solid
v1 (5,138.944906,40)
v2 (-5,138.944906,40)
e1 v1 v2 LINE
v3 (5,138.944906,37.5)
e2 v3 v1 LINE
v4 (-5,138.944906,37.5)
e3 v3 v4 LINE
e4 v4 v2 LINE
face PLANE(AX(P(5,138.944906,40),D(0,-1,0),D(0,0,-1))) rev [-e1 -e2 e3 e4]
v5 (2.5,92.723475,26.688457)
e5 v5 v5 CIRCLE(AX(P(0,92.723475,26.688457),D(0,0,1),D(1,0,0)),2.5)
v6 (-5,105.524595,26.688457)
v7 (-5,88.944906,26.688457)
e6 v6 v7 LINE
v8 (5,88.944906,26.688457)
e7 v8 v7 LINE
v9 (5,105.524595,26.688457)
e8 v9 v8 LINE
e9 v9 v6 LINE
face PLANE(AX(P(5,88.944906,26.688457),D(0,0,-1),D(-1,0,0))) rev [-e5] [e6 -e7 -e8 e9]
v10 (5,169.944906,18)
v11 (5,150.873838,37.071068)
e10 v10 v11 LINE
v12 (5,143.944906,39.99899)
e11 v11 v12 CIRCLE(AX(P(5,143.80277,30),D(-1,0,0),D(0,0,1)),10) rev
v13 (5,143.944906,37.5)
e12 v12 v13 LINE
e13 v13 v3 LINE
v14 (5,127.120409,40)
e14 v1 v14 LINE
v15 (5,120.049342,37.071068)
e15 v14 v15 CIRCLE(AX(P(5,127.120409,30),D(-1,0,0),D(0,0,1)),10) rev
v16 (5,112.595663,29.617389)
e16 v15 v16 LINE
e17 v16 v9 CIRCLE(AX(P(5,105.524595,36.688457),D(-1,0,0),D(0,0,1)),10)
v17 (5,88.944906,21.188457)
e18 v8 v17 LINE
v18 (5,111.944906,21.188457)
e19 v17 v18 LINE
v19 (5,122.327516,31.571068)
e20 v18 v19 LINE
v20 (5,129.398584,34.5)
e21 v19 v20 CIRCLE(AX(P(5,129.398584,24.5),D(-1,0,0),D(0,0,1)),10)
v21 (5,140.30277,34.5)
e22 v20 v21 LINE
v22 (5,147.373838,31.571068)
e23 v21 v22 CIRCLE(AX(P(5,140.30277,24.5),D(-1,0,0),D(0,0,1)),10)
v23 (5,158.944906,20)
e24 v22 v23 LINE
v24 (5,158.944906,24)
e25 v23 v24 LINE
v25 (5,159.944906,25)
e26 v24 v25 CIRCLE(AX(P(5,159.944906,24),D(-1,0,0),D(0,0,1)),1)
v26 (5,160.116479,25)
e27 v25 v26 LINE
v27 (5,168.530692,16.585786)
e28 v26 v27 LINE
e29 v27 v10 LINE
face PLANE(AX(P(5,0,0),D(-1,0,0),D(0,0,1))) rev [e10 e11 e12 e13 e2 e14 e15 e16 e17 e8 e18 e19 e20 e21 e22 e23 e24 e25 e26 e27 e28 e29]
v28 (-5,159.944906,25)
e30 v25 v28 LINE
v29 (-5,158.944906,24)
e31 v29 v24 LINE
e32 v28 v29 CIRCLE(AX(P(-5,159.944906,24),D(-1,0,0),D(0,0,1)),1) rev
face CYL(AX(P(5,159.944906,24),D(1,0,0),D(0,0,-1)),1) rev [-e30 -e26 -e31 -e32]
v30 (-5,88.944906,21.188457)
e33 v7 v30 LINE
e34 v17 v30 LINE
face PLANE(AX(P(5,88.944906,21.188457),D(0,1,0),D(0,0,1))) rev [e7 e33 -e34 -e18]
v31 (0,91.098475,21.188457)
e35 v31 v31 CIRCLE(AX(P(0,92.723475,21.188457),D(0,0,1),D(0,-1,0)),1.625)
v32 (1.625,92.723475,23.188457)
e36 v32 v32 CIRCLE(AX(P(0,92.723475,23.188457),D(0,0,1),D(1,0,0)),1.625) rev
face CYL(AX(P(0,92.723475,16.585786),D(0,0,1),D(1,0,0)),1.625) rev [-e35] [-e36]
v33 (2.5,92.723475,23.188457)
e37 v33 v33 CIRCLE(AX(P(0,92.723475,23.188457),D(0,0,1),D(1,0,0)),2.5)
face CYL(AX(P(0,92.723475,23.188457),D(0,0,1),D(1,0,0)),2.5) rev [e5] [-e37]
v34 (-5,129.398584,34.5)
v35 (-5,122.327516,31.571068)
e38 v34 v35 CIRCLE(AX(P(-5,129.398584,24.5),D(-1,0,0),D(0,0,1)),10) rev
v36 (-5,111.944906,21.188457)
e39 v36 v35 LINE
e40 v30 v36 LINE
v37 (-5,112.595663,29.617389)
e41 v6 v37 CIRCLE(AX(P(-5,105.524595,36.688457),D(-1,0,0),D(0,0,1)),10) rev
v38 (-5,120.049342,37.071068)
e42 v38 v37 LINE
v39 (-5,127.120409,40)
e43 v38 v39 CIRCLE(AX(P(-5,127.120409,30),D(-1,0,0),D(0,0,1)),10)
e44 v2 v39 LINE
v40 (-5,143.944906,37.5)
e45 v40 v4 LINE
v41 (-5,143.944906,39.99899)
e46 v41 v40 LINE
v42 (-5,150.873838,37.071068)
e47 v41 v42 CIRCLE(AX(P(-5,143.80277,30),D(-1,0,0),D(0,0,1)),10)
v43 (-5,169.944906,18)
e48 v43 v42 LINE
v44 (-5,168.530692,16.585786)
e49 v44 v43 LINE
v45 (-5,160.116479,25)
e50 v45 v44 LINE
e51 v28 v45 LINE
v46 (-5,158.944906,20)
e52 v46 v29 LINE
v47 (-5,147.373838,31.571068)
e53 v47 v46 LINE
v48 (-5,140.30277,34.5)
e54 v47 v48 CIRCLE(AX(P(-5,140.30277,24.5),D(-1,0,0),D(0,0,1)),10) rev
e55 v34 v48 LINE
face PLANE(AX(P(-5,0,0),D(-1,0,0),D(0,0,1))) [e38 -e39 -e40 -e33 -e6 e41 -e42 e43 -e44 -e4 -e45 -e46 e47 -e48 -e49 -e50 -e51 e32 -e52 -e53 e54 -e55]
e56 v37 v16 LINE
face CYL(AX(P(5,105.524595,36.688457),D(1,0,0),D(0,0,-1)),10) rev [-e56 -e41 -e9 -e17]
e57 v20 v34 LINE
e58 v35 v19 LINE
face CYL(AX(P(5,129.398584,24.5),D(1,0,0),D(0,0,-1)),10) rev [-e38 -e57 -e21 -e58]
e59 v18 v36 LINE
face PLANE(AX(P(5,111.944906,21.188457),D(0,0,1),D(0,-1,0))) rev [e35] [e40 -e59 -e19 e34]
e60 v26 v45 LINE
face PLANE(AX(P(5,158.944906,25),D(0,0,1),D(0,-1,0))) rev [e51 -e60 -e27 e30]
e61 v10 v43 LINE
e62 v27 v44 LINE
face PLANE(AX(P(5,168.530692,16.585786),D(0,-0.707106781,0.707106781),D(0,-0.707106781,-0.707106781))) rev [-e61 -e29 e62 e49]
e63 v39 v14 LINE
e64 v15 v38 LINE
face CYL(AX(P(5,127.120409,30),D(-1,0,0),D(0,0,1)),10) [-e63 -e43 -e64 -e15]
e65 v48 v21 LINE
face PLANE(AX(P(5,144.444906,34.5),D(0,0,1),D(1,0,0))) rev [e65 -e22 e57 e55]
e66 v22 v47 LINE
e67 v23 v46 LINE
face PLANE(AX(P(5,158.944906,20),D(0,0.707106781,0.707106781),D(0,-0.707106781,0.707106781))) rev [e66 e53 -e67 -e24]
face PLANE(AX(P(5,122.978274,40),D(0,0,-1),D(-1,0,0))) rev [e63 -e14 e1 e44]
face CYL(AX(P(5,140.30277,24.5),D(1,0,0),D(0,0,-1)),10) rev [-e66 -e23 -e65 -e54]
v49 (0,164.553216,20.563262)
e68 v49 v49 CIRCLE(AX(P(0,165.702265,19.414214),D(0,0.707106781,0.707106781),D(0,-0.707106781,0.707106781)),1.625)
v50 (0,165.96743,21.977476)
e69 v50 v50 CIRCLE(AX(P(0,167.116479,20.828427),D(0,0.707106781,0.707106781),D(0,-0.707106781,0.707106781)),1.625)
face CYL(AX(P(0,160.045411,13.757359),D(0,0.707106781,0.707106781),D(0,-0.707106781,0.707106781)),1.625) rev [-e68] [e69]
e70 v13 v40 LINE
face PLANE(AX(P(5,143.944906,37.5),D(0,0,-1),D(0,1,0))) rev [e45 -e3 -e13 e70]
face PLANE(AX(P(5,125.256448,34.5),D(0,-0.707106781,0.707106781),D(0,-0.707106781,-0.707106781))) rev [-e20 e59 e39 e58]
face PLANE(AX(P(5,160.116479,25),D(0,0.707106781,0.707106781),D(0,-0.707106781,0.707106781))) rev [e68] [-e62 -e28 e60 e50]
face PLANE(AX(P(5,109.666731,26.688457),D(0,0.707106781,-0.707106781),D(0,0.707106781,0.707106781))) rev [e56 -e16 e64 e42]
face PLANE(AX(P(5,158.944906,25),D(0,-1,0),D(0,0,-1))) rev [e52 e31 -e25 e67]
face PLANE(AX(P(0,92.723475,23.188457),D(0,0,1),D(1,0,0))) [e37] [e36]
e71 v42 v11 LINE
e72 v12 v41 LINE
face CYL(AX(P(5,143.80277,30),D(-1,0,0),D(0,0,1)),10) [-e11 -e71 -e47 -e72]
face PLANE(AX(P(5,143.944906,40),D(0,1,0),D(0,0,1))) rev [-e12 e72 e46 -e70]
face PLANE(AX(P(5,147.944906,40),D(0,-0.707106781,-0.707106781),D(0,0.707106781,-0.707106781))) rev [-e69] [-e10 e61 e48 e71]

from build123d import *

# Parameters (mm, degrees)
ESTRUSIONE_ESTRUSIONE1_DEPTH = 5
SCHIZZO2_R                   = 1.625
TAGLIO_ESTRUSIONE1_DEPTH     = 11.10267083
SCHIZZO3_R                   = 2.5
TAGLIO_ESTRUSIONE2_DEPTH     = 3.5
RACCORDO1_R                  = 10
SCHIZZO4_W                   = 2.5
SCHIZZO4_H                   = 5
TAGLIO_ESTRUSIONE3_DEPTH     = 10
RACCORDO2_R                  = 1
SCHIZZO5_R                   = 1.625
TAGLIO_ESTRUSIONE4_DEPTH     = 10


with BuildPart() as part:
    # Schizzo1 → Estrusione-Estrusione1 (new body, symmetric)
    with BuildSketch(Plane(origin=(0, 0, 0), x_dir=(0, 0, -1), z_dir=(1, 0, 0))):
        Polygon((-21.188457268, 88.94490566), (-26.688457268, 88.94490566), (-26.688457268, 109.666731067), (-40, 122.978273799), (-40, 147.94490566), (-18, 169.94490566), (-16.585786438, 168.530692098), (-25, 160.116478536), (-25, 158.94490566), (-20, 158.94490566), (-34.5, 144.44490566), (-34.5, 125.256448392), (-21.188457268, 111.94490566), align=None)
    extrude(amount=ESTRUSIONE_ESTRUSIONE1_DEPTH, both=True)

    # Schizzo2 → Taglio-Estrusione1 (cut, through all)
    with BuildSketch(Plane.XY.offset(26.688457268)):
        with Locations((0, 92.723474812)):
            Circle(SCHIZZO2_R)
    extrude(amount=-TAGLIO_ESTRUSIONE1_DEPTH, mode=Mode.SUBTRACT)

    # Schizzo3 → Taglio-Estrusione2 (cut)
    with BuildSketch(Plane.XY.offset(26.688457268)):
        with Locations((0, 92.723474812)):
            Circle(SCHIZZO3_R)
    extrude(amount=-TAGLIO_ESTRUSIONE2_DEPTH, mode=Mode.SUBTRACT)

    # Raccordo1
    raccordo1_edges = [part.edges().sort_by_distance(p)[0] for p in [
        (0, 109.666731067, 26.688457268),
        (0, 122.978273799, 40),
        (0, 147.94490566, 40),
        (0, 144.44490566, 34.5),
        (0, 125.256448392, 34.5),
    ]]
    fillet(raccordo1_edges, radius=RACCORDO1_R)

    # Schizzo4 → Taglio-Estrusione3 (cut)
    with BuildSketch(Plane.ZY.offset(5)):
        with Locations((38.75, 141.44490566)):
            Rectangle(SCHIZZO4_W, SCHIZZO4_H)
    extrude(amount=-TAGLIO_ESTRUSIONE3_DEPTH, mode=Mode.SUBTRACT)

    # Raccordo2
    raccordo2_edges = [part.edges().sort_by_distance(p)[0] for p in [
        (0, 158.94490566, 25),
    ]]
    fillet(raccordo2_edges, radius=RACCORDO2_R)

    # Schizzo5 → Taglio-Estrusione4 (cut)
    with BuildSketch(Plane(origin=(0, 93.97245283, 93.97245283), x_dir=(1, 0, 0), z_dir=(0, 0.707106781, 0.707106781))):
        with Locations((0, 103.441273159)):
            Circle(SCHIZZO5_R)
    extrude(amount=-TAGLIO_ESTRUSIONE4_DEPTH, mode=Mode.SUBTRACT)


solid = part.part
